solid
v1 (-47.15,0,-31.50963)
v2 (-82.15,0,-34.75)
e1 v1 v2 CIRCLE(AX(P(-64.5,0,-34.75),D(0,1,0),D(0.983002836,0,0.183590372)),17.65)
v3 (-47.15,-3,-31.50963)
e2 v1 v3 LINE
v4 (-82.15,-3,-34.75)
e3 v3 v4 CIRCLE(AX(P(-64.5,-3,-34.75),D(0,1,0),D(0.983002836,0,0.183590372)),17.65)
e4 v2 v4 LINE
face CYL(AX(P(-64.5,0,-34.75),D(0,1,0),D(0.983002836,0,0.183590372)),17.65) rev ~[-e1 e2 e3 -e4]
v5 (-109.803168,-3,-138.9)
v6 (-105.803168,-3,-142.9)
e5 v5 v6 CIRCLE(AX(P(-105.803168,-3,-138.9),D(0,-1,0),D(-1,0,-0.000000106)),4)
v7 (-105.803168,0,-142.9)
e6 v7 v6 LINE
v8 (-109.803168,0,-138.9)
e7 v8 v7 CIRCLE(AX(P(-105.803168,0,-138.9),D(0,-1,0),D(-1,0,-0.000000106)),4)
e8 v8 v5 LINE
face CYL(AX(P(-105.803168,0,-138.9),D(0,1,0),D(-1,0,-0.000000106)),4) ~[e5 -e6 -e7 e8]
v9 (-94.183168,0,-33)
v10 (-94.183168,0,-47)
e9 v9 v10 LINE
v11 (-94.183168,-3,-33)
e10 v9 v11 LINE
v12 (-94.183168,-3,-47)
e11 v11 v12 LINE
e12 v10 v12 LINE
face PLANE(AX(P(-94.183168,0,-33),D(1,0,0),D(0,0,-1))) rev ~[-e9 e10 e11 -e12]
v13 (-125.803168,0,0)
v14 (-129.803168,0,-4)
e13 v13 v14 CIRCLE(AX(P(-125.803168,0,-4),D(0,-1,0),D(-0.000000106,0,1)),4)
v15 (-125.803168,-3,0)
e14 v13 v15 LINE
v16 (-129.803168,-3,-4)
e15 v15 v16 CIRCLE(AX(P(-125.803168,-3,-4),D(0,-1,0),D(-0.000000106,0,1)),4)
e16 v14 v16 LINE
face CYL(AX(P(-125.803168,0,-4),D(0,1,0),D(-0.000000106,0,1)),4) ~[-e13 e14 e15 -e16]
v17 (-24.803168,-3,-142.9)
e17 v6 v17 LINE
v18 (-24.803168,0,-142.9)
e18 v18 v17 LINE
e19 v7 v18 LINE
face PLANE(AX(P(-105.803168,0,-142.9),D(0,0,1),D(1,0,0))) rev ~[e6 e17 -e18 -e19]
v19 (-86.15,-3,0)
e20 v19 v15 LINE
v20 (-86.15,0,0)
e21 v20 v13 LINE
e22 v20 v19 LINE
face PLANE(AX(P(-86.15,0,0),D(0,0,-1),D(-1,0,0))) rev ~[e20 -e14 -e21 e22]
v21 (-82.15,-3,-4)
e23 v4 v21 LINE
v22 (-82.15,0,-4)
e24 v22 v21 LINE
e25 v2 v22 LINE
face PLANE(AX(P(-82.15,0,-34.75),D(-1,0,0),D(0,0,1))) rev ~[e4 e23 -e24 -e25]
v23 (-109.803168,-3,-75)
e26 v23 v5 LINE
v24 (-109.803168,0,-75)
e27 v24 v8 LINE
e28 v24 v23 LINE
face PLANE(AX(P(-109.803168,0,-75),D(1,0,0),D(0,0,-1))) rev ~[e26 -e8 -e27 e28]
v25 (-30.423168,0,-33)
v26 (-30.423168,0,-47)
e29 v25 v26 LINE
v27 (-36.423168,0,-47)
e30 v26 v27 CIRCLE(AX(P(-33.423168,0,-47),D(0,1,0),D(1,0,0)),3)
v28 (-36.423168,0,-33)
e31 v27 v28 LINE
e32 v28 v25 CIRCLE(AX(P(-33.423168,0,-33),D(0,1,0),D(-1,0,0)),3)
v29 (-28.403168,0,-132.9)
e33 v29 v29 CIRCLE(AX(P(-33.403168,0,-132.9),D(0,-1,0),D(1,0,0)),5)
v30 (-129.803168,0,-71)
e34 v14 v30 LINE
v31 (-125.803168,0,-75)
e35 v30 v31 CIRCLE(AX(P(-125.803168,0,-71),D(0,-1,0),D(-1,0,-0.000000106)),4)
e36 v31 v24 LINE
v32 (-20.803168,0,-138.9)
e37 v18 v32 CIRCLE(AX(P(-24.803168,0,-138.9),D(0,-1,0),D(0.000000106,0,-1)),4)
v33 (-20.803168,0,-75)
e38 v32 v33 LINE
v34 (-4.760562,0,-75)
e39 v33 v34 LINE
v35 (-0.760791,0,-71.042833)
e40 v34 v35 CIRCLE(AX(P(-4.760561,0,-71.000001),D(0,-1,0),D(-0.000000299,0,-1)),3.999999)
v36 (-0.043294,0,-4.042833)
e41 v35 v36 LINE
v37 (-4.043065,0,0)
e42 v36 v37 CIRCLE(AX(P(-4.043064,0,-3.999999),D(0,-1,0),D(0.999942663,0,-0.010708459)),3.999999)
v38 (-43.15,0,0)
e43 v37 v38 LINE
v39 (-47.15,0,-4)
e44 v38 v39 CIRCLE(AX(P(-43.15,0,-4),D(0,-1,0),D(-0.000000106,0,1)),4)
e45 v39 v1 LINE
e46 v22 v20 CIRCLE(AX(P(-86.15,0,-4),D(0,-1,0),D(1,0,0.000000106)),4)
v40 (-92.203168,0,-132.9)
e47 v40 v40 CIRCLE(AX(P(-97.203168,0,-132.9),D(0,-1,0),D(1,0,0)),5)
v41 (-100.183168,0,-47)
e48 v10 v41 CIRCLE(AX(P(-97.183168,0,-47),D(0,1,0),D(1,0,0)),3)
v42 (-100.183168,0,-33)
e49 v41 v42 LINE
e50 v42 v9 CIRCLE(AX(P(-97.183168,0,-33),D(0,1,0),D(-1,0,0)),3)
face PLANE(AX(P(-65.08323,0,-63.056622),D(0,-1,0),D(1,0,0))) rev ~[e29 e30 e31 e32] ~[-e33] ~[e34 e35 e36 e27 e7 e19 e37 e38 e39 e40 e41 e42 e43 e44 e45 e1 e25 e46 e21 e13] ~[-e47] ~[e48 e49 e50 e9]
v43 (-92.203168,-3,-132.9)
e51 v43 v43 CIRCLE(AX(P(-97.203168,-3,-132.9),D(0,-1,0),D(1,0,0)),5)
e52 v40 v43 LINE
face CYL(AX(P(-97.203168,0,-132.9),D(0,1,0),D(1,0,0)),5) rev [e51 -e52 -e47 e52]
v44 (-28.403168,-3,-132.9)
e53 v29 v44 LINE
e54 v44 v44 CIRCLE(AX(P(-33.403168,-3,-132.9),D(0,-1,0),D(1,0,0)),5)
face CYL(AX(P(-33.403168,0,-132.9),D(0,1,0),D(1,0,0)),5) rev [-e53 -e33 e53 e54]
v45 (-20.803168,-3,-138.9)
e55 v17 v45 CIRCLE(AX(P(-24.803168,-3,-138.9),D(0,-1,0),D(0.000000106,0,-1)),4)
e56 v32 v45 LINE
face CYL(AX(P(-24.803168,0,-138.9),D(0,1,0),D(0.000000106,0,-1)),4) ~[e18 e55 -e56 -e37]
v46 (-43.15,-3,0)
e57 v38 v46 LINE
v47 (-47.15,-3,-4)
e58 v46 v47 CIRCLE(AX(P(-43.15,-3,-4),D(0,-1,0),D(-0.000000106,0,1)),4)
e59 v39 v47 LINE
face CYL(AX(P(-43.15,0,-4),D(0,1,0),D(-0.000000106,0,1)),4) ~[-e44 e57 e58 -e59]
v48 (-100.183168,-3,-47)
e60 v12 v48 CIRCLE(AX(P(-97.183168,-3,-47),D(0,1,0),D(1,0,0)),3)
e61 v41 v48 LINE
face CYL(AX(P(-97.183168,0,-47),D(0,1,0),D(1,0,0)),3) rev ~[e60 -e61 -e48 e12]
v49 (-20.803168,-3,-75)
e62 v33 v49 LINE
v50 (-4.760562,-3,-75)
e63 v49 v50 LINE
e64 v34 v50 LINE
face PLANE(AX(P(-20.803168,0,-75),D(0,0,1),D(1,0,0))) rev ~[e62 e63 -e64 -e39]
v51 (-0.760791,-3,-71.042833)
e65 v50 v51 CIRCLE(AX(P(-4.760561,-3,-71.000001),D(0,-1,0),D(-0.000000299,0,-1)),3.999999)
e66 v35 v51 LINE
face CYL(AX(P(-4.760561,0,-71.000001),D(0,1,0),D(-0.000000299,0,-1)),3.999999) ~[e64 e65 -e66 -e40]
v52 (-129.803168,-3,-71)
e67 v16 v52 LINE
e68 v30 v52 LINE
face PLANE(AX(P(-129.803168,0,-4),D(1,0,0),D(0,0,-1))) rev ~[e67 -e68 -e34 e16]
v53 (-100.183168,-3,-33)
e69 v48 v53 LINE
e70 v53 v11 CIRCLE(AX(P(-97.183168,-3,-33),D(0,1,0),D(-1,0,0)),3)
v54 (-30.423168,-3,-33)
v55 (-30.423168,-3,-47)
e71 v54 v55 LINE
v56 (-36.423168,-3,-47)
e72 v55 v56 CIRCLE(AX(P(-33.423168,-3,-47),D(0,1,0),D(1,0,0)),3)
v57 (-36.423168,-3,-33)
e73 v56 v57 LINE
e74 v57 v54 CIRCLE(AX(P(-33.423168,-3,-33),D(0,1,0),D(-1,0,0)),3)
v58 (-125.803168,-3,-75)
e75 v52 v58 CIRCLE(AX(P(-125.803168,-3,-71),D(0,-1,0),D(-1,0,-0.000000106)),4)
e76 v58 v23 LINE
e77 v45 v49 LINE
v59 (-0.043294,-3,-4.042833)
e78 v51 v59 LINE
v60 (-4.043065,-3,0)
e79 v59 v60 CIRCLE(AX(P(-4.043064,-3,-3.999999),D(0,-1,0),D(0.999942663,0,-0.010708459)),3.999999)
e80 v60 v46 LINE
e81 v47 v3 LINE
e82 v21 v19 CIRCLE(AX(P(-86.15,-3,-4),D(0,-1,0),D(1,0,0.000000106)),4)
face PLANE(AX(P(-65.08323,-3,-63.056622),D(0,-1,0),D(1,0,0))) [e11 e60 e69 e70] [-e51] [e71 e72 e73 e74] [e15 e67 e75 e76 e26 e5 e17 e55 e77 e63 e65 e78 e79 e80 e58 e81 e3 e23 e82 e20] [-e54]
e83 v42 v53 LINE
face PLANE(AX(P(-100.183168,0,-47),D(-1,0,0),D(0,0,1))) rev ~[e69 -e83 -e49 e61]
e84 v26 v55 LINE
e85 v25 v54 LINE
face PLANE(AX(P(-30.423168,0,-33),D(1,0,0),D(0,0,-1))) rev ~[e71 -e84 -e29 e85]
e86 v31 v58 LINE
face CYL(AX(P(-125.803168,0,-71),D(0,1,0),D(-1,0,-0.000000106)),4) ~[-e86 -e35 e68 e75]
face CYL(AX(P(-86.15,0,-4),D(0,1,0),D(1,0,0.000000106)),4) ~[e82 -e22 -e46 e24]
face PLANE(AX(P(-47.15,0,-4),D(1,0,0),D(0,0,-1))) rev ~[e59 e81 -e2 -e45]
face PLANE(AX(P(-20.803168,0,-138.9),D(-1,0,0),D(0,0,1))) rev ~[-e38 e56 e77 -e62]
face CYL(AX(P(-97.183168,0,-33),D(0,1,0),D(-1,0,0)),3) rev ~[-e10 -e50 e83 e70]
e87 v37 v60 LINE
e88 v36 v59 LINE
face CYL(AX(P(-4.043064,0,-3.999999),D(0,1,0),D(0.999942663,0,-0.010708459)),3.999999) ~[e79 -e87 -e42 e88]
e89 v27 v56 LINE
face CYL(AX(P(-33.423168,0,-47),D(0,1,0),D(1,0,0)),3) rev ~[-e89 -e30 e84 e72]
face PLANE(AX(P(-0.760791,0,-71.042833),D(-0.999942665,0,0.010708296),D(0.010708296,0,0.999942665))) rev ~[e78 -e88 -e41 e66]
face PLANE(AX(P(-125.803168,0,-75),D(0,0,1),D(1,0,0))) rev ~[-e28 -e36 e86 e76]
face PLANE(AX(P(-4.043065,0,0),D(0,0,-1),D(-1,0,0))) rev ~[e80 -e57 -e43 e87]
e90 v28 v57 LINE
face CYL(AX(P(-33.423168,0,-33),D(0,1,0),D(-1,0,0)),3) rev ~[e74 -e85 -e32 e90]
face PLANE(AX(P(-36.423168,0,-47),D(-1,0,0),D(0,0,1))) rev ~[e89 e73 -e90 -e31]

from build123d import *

# Parameters (mm, degrees)
F0_R     = 5
F1_DEPTH = 3


with BuildPart() as f1:
    # F0 (on Front) → F1 (new body)
    with BuildSketch(Plane.XZ):
        with BuildLine():
            ThreePointArc((-0.043294, -4.042833), (-1.199534, -1.186757), (-4.043065, 0))
            Line((-4.043065, 0), (-43.15, 0))
            ThreePointArc((-43.15, 0), (-45.978427, -1.171573), (-47.15, -4))
            Line((-47.15, -4), (-47.15, -31.50963))
            ThreePointArc((-47.15, -31.50963), (-62.872886, -52.32484), (-82.15, -34.75))
            Line((-82.15, -34.75), (-82.15, -4))
            ThreePointArc((-82.15, -4), (-83.321573, -1.171573), (-86.15, 0))
            Line((-86.15, 0), (-125.803168, 0))
            ThreePointArc((-125.803168, 0), (-128.631595, -1.171573), (-129.803168, -4))
            Line((-129.803168, -4), (-129.803168, -71))
            ThreePointArc((-129.803168, -71), (-128.631595, -73.828427), (-125.803168, -75))
            Line((-125.803168, -75), (-109.803168, -75))
            Line((-109.803168, -75), (-109.803168, -138.9))
            ThreePointArc((-109.803168, -138.9), (-108.631595, -141.728427), (-105.803168, -142.9))
            Line((-105.803168, -142.9), (-24.803168, -142.9))
            ThreePointArc((-24.803168, -142.9), (-21.974741, -141.728427), (-20.803168, -138.9))
            Line((-20.803168, -138.9), (-20.803168, -75))
            Line((-20.803168, -75), (-4.803168, -75))
            Line((-4.803168, -75), (-4.760562, -75))
            ThreePointArc((-4.760562, -75), (-1.947319, -73.843531), (-0.760791, -71.042833))
            Line((-0.760791, -71.042833), (-0.043294, -4.042833))
        make_face()
        with Locations((-97.203168, -132.9)):
            Circle(F0_R, mode=Mode.SUBTRACT)
        with Locations((-33.403168, -132.9)):
            Circle(F0_R, mode=Mode.SUBTRACT)
        with BuildLine():
            ThreePointArc((-100.183168, -33), (-97.183168, -30), (-94.183168, -33))
            Line((-94.183168, -33), (-94.183168, -47))
            ThreePointArc((-94.183168, -47), (-97.183168, -50), (-100.183168, -47))
            Line((-100.183168, -47), (-100.183168, -33))
        make_face(mode=Mode.SUBTRACT)
        with BuildLine():
            Line((-36.423168, -47), (-36.423168, -33))
            ThreePointArc((-36.423168, -33), (-33.423168, -30), (-30.423168, -33))
            Line((-30.423168, -33), (-30.423168, -47))
            ThreePointArc((-30.423168, -47), (-33.423168, -50), (-36.423168, -47))
        make_face(mode=Mode.SUBTRACT)
    extrude(amount=F1_DEPTH)


solid = f1.part
